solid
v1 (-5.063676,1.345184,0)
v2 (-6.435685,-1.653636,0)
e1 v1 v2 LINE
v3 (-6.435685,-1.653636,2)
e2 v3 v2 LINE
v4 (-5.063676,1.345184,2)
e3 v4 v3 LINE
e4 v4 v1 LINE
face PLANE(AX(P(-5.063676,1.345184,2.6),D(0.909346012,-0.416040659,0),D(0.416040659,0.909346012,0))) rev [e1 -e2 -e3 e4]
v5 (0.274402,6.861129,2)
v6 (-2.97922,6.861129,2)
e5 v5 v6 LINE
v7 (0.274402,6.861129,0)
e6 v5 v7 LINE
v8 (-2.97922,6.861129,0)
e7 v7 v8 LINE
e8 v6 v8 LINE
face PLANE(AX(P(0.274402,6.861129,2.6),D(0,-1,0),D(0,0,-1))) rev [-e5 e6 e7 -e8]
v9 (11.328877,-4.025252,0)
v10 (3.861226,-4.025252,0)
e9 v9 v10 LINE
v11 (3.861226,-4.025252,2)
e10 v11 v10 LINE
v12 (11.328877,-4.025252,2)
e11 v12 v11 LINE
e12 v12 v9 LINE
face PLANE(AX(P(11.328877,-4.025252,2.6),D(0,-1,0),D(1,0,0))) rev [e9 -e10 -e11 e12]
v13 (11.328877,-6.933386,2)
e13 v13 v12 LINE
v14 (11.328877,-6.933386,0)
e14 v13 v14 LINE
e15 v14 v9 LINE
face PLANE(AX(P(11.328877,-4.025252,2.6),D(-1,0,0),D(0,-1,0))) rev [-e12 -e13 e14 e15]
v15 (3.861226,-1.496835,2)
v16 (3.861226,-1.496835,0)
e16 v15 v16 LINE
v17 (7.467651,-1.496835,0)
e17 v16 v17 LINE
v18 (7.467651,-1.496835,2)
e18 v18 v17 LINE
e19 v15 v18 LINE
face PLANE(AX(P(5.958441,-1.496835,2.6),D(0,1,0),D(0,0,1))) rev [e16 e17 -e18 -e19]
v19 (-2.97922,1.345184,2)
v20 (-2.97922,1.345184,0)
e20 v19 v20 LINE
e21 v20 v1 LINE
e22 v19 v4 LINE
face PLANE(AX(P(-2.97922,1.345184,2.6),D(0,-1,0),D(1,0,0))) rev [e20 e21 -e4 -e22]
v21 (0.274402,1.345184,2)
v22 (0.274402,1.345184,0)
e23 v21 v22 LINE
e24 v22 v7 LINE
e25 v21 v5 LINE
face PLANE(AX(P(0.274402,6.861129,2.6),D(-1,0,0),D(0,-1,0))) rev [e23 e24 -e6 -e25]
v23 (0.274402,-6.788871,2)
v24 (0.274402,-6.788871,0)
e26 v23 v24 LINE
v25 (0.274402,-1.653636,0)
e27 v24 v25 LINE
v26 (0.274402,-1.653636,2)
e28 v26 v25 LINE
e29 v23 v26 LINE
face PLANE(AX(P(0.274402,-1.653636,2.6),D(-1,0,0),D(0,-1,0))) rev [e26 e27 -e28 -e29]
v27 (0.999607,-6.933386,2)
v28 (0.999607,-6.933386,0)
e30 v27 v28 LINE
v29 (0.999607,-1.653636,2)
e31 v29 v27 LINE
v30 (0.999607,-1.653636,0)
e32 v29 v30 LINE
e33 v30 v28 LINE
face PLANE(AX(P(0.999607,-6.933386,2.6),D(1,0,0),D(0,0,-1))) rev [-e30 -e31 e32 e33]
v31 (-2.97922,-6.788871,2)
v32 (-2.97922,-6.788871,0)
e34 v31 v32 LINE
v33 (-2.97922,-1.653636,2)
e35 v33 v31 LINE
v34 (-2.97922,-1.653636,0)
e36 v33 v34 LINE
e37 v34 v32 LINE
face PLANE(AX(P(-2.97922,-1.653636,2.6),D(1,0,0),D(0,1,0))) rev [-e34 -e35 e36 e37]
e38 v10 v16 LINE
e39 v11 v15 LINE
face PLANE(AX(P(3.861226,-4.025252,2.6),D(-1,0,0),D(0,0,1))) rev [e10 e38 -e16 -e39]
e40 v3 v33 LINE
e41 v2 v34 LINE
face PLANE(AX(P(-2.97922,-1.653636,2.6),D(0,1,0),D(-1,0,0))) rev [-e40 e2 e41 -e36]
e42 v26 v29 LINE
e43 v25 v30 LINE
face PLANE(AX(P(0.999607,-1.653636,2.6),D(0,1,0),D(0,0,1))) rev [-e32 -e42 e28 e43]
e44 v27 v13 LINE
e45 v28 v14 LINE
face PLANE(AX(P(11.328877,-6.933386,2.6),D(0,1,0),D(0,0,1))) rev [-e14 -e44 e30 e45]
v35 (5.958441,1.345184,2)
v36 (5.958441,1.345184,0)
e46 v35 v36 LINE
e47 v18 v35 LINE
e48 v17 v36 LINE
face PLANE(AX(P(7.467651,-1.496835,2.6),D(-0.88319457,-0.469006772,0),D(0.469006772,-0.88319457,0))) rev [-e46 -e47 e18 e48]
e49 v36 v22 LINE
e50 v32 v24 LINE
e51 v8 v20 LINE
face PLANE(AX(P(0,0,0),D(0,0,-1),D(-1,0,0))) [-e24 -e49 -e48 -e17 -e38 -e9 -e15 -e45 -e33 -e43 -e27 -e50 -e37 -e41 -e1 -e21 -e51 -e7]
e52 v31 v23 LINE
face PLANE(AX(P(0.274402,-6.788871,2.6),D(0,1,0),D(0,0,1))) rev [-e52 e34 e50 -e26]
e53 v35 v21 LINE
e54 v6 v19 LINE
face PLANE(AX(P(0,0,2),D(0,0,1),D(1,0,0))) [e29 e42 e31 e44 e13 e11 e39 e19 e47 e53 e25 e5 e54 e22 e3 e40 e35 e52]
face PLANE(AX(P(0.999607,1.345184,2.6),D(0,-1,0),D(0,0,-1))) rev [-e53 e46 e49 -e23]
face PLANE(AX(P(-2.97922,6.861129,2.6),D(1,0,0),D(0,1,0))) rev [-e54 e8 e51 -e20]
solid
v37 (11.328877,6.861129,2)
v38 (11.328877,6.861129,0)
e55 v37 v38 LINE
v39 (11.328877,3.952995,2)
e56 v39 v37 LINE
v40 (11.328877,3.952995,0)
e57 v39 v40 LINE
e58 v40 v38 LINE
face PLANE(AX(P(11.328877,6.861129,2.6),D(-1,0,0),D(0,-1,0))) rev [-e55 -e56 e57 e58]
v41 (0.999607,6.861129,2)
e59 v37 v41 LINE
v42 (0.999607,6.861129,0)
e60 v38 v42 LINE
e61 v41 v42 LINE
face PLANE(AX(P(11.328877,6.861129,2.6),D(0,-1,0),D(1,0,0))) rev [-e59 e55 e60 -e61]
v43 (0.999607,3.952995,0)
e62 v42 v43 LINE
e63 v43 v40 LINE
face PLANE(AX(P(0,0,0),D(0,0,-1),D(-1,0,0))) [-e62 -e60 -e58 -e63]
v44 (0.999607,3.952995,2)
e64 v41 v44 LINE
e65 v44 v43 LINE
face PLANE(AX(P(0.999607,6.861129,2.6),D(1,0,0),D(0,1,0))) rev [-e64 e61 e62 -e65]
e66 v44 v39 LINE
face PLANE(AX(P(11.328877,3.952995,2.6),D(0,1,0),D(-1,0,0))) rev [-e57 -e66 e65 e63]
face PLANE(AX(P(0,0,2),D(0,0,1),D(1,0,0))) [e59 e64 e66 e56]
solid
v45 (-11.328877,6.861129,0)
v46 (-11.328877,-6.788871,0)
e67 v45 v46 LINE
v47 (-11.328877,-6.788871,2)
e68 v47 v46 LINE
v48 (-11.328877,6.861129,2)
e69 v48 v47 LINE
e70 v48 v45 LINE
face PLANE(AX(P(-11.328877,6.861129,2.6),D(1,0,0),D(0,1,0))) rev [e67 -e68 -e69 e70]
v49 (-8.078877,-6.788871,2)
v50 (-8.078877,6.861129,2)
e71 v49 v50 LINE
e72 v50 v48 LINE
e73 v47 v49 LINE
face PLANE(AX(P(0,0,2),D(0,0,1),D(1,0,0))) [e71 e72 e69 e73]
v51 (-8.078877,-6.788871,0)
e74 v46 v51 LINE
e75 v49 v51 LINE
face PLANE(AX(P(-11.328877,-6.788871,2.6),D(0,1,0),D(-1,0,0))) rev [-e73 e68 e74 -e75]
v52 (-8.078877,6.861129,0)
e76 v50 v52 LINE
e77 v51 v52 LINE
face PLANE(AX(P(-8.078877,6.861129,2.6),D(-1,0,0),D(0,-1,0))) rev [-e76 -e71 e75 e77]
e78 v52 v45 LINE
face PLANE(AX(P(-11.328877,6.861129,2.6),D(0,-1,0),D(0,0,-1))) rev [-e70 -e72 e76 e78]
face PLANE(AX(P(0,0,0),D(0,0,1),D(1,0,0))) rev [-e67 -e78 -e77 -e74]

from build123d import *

# Parameters (mm, degrees)
BOSS_EXTRUDE1_DEPTH   = 2
SKETCH1_W             = 2.5
SKETCH1_H             = 10.5
BOSS_EXTRUDE1_2_DEPTH = 2
SKETCH1_W_2           = 7.945592629
SKETCH1_H_2           = 2.237026011
BOSS_EXTRUDE1_3_DEPTH = 2
SCALE2_SCALE          = 1.3
SKETCH2_W             = 28.996582699
SKETCH2_H             = 17.123330173
CUT_EXTRUDE1_DEPTH    = 0.6


with BuildPart() as part:
    # Sketch1 → Boss-Extrude1 (new body)
    with BuildSketch(Plane.XY):
        Polygon((-3.895135439, 1.034757073), (-4.950527249, -1.272027883), (-3.855272926, -1.272027883), (-2.291707931, -1.272027883), (-2.291707931, -5.222208659), (0.211078362, -5.222208659), (0.211078362, -1.272027883), (0.768928319, -1.272027883), (0.768928319, -5.333374023), (8.714520948, -5.333374023), (8.714520948, -3.096348012), (2.970174095, -3.096348012), (2.970174095, -1.151411676), (4.583415862, -1.151411676), (5.744346853, -1.151411676), (4.583415862, 1.034757073), (2.970174095, 1.034757073), (0.768928319, 1.034757073), (0.211078362, 1.034757073), (0.211078362, 5.277791341), (-2.291707931, 5.277791341), (-2.291707931, 1.034757073), align=None)
    extrude(amount=BOSS_EXTRUDE1_DEPTH)


with BuildPart() as body_2:
    # Sketch1 → Boss-Extrude1 2 (new body)
    with BuildSketch(Plane.XY):
        with Locations((-7.464520948, 0.027791341)):
            Rectangle(SKETCH1_W, SKETCH1_H)
    extrude(amount=BOSS_EXTRUDE1_2_DEPTH)


with BuildPart() as body_3:
    # Sketch1 → Boss-Extrude1 3 (new body)
    with BuildSketch(Plane.XY):
        with Locations((4.741724634, 4.159278335)):
            Rectangle(SKETCH1_W_2, SKETCH1_H_2)
    extrude(amount=BOSS_EXTRUDE1_3_DEPTH)


with BuildPart() as body_2_1:
    # Scale2: scaled about (0, 0, 0)
    add(body_2.part.scale(SCALE2_SCALE))


with BuildPart() as part_1:
    # Scale2: scaled about (0, 0, 0)
    add(part.part.scale(SCALE2_SCALE))


with BuildPart() as body_3_1:
    # Scale2: scaled about (0, 0, 0)
    add(body_3.part.scale(SCALE2_SCALE))


with BuildPart() as cut_extrude1_tool:
    # Sketch2 → Cut-Extrude1 (new body)
    with BuildSketch(Plane.XY.offset(2.6)):
        with Locations((-0.525007764, 0.222336618)):
            Rectangle(SKETCH2_W, SKETCH2_H)
    extrude(amount=-CUT_EXTRUDE1_DEPTH)


with BuildPart() as part_2:
    add(part_1.part)

    # Cut-Extrude1: cut by cut_extrude1_tool
    add(cut_extrude1_tool.part, mode=Mode.SUBTRACT)


with BuildPart() as body_2_2:
    add(body_2_1.part)

    # Cut-Extrude1: cut by cut_extrude1_tool
    add(cut_extrude1_tool.part, mode=Mode.SUBTRACT)


with BuildPart() as body_3_2:
    add(body_3_1.part)

    # Cut-Extrude1: cut by cut_extrude1_tool
    add(cut_extrude1_tool.part, mode=Mode.SUBTRACT)


solid = Compound([part_2.part, body_2_2.part, body_3_2.part])
